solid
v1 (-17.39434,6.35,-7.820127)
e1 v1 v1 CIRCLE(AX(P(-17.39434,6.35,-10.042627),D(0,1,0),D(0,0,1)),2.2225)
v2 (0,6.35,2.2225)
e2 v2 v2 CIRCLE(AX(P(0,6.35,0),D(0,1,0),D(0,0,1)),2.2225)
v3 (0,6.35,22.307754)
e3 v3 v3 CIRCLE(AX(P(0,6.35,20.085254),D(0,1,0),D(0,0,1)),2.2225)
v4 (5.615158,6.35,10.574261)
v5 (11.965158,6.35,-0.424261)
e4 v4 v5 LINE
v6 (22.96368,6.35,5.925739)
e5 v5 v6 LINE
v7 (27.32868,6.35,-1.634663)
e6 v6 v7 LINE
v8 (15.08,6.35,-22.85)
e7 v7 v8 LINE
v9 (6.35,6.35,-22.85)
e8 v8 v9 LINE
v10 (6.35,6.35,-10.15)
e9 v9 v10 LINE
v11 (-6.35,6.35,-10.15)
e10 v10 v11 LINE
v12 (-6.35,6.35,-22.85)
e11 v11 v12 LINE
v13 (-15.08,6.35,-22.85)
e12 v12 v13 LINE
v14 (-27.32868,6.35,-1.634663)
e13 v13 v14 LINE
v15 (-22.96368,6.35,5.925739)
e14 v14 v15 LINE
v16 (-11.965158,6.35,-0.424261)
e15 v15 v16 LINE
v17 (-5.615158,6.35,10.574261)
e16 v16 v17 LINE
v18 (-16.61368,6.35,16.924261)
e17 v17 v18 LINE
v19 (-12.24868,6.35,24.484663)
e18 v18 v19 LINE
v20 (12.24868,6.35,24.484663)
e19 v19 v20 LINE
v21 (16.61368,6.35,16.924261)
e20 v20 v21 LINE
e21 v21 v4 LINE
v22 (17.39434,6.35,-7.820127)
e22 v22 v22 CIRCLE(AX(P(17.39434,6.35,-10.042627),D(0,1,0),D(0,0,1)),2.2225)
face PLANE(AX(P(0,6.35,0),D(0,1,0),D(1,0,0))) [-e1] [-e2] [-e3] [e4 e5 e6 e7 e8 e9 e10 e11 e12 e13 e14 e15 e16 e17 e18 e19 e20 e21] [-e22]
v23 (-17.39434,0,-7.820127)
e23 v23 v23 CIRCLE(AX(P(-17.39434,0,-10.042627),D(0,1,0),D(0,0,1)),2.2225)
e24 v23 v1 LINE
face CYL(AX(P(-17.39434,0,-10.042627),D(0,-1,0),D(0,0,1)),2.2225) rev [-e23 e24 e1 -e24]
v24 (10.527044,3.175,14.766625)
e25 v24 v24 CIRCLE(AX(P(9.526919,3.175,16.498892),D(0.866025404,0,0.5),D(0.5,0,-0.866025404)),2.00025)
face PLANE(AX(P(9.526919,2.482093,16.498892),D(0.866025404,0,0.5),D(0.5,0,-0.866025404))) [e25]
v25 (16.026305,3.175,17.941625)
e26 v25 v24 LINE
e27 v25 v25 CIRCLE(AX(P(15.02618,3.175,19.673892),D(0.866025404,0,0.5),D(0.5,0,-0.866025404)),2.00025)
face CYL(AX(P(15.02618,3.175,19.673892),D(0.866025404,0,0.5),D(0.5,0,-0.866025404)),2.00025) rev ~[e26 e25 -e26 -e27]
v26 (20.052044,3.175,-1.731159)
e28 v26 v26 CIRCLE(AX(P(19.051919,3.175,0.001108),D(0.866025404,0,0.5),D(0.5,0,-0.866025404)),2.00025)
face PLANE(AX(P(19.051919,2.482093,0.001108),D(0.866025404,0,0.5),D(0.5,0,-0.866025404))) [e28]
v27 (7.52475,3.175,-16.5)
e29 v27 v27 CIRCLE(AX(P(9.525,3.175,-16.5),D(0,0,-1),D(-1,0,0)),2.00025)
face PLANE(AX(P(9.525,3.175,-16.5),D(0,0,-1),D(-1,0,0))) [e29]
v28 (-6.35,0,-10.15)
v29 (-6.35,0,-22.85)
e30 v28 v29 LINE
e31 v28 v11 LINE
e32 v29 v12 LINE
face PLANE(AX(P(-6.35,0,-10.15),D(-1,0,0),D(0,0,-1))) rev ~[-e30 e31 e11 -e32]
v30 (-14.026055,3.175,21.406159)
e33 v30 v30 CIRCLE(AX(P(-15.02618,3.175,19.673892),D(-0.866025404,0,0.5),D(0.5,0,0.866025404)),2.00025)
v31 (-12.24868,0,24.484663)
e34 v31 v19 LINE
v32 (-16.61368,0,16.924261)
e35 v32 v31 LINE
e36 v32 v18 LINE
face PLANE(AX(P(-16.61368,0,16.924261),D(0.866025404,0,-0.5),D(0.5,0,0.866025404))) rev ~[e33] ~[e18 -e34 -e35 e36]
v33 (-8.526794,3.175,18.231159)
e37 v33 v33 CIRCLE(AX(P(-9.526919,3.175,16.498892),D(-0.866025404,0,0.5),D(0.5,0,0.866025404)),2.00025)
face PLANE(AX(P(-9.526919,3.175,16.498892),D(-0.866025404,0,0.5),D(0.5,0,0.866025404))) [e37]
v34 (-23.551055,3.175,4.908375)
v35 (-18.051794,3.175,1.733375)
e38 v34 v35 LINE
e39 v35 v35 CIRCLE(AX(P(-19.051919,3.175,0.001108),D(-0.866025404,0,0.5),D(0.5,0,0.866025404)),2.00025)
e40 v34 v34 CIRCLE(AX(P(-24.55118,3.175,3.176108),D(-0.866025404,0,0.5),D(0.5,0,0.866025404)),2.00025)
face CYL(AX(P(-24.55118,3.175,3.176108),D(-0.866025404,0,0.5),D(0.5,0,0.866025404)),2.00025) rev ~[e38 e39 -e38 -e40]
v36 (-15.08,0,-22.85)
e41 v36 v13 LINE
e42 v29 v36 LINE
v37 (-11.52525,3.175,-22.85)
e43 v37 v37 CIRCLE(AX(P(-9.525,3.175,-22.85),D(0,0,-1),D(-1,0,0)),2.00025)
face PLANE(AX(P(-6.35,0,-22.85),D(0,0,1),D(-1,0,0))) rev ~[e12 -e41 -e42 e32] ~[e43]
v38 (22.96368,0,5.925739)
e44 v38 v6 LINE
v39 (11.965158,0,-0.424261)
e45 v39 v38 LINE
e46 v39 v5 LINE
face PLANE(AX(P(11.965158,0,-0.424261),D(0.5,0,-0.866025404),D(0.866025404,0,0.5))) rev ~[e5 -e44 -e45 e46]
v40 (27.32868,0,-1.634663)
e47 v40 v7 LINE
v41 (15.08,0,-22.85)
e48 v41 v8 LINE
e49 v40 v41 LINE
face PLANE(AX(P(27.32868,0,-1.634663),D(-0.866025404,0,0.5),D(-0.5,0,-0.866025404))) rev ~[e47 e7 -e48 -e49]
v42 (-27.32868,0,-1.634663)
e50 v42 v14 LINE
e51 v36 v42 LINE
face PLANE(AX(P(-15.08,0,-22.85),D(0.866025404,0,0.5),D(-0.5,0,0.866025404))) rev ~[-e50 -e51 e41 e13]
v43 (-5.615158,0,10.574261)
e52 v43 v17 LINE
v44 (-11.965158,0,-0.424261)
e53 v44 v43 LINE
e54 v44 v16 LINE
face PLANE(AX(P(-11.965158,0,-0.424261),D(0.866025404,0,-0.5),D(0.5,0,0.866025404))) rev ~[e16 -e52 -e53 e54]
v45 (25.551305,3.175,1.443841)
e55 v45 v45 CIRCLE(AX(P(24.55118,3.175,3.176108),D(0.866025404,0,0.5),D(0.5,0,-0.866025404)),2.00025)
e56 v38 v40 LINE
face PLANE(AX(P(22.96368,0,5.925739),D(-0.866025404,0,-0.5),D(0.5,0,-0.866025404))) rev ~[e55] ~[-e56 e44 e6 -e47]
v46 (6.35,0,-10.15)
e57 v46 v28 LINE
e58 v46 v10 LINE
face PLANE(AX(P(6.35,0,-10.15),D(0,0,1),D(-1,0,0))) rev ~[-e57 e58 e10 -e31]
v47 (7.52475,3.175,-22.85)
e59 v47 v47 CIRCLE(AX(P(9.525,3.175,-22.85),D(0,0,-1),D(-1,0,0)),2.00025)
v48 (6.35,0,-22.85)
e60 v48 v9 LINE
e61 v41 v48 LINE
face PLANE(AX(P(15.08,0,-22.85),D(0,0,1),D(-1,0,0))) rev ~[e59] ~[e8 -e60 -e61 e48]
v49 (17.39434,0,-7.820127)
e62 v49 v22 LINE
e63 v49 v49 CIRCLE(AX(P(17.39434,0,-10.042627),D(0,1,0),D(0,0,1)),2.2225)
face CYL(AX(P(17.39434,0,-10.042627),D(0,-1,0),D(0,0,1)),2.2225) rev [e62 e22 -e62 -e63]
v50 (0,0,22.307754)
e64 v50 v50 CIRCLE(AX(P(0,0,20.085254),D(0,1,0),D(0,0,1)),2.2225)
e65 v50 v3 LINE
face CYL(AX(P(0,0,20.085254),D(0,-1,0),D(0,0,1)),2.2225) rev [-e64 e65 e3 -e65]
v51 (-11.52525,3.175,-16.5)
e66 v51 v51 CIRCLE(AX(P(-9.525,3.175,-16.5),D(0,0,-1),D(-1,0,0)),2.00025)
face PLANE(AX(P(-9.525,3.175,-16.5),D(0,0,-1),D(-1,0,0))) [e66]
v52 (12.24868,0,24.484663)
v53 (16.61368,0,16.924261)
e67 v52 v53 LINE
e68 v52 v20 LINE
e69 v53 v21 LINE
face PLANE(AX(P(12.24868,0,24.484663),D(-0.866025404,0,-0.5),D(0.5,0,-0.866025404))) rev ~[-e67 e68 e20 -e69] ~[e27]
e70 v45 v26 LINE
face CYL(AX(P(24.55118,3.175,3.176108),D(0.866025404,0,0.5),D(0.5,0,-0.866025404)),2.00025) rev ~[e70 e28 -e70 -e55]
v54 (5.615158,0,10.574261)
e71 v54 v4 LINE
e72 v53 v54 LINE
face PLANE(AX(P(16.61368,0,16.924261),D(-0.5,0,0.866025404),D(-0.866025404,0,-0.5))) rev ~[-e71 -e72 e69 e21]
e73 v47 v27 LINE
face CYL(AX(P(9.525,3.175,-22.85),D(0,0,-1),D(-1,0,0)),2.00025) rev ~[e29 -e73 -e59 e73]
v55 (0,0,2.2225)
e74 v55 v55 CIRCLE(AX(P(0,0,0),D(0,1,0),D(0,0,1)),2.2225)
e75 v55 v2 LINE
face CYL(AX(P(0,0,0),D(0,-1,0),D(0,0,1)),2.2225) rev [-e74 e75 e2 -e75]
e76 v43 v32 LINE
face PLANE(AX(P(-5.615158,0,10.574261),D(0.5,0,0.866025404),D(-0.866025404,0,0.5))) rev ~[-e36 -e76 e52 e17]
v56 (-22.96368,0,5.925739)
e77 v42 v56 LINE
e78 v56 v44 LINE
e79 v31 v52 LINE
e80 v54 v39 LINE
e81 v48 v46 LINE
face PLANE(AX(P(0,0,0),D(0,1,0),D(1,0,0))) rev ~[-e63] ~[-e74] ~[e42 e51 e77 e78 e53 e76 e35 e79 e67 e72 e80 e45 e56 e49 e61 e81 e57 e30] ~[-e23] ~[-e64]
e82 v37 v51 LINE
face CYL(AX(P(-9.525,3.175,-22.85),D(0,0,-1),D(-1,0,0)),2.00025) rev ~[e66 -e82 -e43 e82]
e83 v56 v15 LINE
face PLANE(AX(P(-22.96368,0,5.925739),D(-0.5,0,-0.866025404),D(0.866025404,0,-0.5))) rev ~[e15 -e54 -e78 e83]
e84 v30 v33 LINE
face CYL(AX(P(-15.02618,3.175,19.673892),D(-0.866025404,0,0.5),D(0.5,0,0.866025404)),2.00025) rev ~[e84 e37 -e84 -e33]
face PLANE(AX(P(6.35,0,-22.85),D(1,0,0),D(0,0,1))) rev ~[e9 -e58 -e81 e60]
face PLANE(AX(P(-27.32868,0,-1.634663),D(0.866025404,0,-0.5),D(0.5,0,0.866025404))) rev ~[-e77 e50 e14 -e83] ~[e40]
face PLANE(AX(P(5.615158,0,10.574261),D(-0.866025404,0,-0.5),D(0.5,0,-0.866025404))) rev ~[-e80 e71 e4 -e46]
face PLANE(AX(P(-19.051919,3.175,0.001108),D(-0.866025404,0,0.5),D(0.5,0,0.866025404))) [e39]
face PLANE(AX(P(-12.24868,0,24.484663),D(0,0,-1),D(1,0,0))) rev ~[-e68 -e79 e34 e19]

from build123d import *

# Parameters (mm, degrees)
SKETCH1_R           = 2.2225
BOSS_EXTRUDE3_DEPTH = 6.35
CUT_EXTRUDE1_DEPTH  = 6.35
SKETCH3_R           = 2.00025
CUT_EXTRUDE2_DEPTH  = 6.35
SKETCH4_R           = 2.00025
CUT_EXTRUDE3_DEPTH  = 6.35


with BuildPart() as part:
    # Sketch1 → Boss-Extrude3 (new body)
    with BuildSketch(Plane(origin=(0, 0, 0), x_dir=(1, 0, 0), z_dir=(0, 1, 0))):
        Polygon((-6.35, 10.15), (-6.35, 22.85), (-15.08, 22.85), (-27.328680476, 1.634663089), (-22.963680476, -5.925738686), (-11.965157848, 0.424261314), (-5.615157848, -10.574261314), (-16.613680476, -16.924261314), (-12.248680476, -24.484663089), (12.248680476, -24.484663089), (16.613680476, -16.924261314), (5.615157848, -10.574261314), (11.965157848, 0.424261314), (22.963680476, -5.925738686), (27.328680476, 1.634663089), (15.08, 22.85), (6.35, 22.85), (6.35, 10.15), align=None)
        with Locations(Location((0, -20.085254038, 0), (0, 0, 270))):
            Circle(SKETCH1_R, mode=Mode.SUBTRACT)
        with Locations(Location((17.394340238, 10.042627019, 0), (0, 0, 270))):
            Circle(SKETCH1_R, mode=Mode.SUBTRACT)
        with Locations(Location((-17.394340238, 10.042627019, 0), (0, 0, 270))):
            Circle(SKETCH1_R, mode=Mode.SUBTRACT)
        with Locations(Location((0, 0, 0), (0, 0, 270))):
            Circle(SKETCH1_R, mode=Mode.SUBTRACT)
    extrude(amount=BOSS_EXTRUDE3_DEPTH)

    # Sketch2 → Cut-Extrude1 (cut)
    with BuildSketch(Plane(origin=(19.788680476, 0, 11.425), x_dir=(0.5000000000000057, 0, -0.8660254037844354), z_dir=(0.8660254037844354, 0, 0.5000000000000057))):
        with BuildLine():
            ThreePointArc((-11.52525, 3.175), (-9.525, 1.17475), (-7.52475, 3.175))
            Line((-7.52475, 3.175), (-11.52525, 3.175))
        make_face()
        with BuildLine():
            Line((-11.52525, 3.175), (-7.52475, 3.175))
            ThreePointArc((-7.52475, 3.175), (-9.525, 5.17525), (-11.52525, 3.175))
        make_face()
        with BuildLine():
            ThreePointArc((7.52475, 3.175), (9.525, 1.17475), (11.52525, 3.175))
            Line((11.52525, 3.175), (7.52475, 3.175))
        make_face()
        with BuildLine():
            Line((7.52475, 3.175), (11.52525, 3.175))
            ThreePointArc((11.52525, 3.175), (9.525, 5.17525), (7.52475, 3.175))
        make_face()
    extrude(amount=-CUT_EXTRUDE1_DEPTH, mode=Mode.SUBTRACT)

    # Sketch3 → Cut-Extrude2 (cut)
    with BuildSketch(Plane(origin=(-19.788680476, 0, 11.425), x_dir=(0.5000000000000099, 0, 0.866025403784433), z_dir=(-0.8660254037844329, 0, 0.5000000000000098))):
        with Locations((-9.525, 3.175)):
            Circle(SKETCH3_R)
        with Locations((9.525, 3.175)):
            Circle(SKETCH3_R)
    extrude(amount=-CUT_EXTRUDE2_DEPTH, mode=Mode.SUBTRACT)

    # Sketch4 → Cut-Extrude3 (cut)
    with BuildSketch(Plane(origin=(0, 0, -22.85), x_dir=(-1, 0, 0), z_dir=(0, 0, -1))):
        with Locations((-9.525, 3.175)):
            Circle(SKETCH4_R)
        with Locations((9.525, 3.175)):
            Circle(SKETCH4_R)
    extrude(amount=-CUT_EXTRUDE3_DEPTH, mode=Mode.SUBTRACT)


solid = part.part
